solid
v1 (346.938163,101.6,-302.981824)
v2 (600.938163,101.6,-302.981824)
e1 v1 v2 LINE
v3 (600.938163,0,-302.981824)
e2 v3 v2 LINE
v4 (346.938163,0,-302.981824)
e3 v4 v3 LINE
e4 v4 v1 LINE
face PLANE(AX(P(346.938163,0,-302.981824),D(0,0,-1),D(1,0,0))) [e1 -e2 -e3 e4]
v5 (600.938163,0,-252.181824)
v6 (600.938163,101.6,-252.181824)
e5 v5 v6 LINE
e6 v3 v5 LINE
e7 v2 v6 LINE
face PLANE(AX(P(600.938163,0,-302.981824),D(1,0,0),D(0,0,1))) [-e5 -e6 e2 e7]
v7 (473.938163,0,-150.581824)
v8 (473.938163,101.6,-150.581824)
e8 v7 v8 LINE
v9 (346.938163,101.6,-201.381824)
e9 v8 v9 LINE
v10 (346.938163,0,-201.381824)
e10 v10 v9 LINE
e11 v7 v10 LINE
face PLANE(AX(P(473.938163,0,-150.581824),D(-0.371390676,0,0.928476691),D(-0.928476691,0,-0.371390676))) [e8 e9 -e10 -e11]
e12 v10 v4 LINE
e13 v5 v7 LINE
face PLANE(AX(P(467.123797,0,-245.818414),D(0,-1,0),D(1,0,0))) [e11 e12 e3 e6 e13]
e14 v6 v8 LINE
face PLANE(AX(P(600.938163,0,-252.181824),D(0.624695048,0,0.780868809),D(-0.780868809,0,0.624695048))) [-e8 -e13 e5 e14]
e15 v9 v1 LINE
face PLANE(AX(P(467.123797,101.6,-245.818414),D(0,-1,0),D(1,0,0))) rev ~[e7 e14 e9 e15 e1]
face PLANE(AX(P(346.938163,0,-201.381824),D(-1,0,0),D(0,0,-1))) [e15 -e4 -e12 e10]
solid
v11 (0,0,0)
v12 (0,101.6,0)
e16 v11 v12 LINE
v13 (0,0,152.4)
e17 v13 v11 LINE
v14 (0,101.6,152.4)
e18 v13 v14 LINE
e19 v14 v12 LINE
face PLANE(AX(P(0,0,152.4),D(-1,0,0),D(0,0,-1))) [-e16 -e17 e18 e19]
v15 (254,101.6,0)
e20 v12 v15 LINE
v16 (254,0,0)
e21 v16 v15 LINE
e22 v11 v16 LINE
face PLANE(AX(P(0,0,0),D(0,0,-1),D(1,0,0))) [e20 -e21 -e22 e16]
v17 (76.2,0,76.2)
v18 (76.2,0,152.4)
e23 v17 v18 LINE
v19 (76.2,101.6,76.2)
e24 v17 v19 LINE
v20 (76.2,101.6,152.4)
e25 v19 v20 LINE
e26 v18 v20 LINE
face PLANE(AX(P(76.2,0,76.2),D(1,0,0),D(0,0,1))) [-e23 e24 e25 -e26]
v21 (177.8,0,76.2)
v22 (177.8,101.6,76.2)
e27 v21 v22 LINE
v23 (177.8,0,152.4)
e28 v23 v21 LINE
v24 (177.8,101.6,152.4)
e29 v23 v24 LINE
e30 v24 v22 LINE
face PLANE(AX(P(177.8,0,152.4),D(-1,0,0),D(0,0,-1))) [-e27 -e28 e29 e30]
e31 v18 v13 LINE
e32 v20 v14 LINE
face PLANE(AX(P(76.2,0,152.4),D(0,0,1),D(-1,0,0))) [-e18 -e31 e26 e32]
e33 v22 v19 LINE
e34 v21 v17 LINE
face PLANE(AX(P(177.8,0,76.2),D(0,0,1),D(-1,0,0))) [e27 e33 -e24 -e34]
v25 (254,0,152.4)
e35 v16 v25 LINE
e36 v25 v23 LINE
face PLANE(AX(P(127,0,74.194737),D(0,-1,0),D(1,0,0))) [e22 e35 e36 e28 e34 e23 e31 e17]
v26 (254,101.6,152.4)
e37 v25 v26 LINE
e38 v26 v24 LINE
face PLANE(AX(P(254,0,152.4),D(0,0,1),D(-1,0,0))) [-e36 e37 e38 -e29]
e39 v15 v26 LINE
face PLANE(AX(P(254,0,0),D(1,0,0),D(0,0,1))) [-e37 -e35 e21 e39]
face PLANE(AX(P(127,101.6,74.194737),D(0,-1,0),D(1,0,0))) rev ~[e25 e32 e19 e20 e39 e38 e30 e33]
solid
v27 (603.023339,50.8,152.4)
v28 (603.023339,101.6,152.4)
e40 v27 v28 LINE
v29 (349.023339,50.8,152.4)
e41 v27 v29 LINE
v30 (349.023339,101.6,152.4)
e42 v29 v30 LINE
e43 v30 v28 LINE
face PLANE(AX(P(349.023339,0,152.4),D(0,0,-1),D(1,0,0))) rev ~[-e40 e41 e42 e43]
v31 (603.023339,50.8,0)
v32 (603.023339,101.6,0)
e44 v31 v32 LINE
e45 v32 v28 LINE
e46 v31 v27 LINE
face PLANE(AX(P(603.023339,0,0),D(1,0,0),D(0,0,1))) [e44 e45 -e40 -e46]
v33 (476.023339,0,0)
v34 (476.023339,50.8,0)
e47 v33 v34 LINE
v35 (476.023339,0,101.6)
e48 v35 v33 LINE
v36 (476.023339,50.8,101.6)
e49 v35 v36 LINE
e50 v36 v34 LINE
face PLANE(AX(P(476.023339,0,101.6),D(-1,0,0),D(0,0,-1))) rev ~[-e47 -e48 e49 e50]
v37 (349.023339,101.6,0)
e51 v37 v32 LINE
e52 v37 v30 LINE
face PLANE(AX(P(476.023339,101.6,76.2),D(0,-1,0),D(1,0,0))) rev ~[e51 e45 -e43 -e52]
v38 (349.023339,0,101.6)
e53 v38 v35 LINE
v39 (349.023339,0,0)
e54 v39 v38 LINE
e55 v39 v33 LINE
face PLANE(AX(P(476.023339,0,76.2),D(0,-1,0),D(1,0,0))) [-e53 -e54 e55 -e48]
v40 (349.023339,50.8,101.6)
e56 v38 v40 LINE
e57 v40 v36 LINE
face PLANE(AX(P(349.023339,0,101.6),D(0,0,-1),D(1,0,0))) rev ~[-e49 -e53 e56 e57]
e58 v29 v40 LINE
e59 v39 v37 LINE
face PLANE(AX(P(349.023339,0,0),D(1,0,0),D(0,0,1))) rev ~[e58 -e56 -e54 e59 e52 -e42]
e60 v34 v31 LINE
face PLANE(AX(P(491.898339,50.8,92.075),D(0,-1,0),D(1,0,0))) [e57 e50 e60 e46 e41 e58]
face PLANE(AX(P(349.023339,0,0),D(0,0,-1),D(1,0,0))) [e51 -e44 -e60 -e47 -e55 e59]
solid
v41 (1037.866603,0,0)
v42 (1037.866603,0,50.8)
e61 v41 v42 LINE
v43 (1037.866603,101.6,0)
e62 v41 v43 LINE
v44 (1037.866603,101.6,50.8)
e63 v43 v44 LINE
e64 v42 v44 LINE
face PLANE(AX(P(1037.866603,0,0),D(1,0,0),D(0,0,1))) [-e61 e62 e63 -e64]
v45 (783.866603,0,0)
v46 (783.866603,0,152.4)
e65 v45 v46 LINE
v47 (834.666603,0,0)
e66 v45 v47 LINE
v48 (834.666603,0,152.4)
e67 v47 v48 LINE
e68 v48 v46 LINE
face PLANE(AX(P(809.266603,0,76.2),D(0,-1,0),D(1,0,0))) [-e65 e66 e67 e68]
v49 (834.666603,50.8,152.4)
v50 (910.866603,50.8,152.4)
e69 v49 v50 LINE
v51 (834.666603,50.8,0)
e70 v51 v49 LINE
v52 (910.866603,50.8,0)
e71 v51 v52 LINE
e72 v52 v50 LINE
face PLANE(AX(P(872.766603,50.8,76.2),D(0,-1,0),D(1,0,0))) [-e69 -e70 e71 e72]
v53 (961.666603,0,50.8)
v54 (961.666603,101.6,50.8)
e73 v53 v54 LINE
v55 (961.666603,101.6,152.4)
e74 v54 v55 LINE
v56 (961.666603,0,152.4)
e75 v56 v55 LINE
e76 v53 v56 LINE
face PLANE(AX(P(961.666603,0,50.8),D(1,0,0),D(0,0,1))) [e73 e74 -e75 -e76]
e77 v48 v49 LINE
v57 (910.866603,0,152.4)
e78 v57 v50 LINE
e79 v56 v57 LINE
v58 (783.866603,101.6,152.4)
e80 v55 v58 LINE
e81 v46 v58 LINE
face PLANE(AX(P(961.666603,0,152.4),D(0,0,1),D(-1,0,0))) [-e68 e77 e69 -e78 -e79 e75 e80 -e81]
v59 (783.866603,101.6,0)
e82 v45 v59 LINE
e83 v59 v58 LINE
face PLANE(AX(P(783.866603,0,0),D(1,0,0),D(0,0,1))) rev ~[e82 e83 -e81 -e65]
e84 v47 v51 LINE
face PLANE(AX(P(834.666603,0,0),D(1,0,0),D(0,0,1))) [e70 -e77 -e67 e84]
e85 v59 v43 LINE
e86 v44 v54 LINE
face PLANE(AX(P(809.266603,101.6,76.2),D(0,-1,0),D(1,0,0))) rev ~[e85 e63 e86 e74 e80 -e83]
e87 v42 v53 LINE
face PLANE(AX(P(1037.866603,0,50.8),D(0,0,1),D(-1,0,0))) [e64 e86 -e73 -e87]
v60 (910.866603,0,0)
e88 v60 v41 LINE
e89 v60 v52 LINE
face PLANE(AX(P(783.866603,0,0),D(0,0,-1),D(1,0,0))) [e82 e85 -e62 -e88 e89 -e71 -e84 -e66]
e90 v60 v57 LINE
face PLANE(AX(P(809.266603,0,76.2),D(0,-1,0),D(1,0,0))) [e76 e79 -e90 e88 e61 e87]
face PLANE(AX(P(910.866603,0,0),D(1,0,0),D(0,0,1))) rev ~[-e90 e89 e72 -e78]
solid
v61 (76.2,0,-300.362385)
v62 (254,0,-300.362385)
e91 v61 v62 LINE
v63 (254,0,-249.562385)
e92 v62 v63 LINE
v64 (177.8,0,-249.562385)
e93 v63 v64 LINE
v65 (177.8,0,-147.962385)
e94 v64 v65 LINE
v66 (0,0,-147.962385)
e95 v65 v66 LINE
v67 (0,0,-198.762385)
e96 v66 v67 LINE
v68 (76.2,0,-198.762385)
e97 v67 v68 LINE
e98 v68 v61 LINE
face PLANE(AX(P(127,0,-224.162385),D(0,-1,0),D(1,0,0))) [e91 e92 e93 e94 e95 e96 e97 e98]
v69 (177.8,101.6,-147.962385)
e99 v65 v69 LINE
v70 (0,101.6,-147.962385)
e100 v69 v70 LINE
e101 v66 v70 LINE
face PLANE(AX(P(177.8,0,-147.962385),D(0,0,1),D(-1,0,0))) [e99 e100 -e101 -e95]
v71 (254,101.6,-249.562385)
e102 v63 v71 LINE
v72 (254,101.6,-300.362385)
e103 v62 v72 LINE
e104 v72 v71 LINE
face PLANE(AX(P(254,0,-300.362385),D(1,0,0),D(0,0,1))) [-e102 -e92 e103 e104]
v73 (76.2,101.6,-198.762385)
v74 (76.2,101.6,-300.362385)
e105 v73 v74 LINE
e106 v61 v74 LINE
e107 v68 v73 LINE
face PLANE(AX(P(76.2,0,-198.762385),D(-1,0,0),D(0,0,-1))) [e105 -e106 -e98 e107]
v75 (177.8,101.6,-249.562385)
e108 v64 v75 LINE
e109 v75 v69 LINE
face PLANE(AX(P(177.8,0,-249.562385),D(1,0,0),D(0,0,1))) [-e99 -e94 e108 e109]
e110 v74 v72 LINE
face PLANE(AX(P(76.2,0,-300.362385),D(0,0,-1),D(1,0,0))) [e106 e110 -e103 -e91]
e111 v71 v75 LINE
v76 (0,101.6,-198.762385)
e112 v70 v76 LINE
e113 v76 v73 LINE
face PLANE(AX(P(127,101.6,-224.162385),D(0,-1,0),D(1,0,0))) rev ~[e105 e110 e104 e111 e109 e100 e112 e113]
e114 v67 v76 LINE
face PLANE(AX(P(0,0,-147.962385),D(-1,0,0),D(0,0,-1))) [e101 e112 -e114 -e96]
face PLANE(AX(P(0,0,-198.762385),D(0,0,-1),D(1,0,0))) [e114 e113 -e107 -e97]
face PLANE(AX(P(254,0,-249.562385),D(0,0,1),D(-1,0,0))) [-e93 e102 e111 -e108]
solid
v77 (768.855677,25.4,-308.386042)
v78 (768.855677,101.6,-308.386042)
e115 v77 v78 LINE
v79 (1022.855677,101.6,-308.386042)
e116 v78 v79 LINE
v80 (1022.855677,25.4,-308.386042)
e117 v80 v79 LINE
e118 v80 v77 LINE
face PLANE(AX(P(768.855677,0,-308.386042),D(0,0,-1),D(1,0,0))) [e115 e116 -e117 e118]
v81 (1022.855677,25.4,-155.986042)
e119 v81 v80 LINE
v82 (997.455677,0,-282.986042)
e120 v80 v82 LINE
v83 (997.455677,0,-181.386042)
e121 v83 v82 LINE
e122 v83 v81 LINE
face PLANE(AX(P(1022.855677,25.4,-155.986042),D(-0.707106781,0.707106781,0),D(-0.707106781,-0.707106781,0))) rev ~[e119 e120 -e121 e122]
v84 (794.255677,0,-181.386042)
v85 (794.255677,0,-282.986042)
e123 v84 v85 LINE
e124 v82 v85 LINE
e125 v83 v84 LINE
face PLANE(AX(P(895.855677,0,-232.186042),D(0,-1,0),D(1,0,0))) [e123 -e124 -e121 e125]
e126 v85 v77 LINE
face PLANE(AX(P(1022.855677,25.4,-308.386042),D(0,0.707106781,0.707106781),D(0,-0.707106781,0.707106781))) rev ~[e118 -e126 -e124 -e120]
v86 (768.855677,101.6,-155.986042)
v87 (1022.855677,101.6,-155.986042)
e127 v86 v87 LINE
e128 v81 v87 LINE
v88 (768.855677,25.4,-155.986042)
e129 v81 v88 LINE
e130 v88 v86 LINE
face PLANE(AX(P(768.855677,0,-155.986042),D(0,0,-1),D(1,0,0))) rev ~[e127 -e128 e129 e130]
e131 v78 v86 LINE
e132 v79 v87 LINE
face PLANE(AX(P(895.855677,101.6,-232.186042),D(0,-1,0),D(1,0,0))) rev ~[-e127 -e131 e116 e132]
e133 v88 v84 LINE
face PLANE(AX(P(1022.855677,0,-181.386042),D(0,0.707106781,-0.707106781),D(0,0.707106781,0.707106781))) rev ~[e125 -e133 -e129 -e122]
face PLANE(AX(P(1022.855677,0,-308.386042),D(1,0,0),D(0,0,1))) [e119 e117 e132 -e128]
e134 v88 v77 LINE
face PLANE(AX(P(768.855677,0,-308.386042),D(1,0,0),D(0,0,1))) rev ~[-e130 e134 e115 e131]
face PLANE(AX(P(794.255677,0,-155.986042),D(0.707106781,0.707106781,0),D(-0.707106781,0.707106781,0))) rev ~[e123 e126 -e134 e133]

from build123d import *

# Parameters (mm, degrees)
F1_DEPTH  = 101.6
F2_W      = 254
F2_H      = 152.4
F3_DEPTH  = 101.6
F5_DEPTH  = 50.8
F6_W      = 50.8
F6_H      = 152.4
F6_W_2    = 76.2
F7_DEPTH  = 101.6
F8_W      = 76.2
F8_H      = 152.4
F9_DEPTH  = 50.8
F11_DEPTH = 101.6
F13_DEPTH = 101.6
F14_W     = 254
F14_H     = 152.4
F15_DEPTH = 101.6
F17_DEPTH = 254
F19_DEPTH = 152.4


with BuildPart() as f1:
    # F0 (on Front) → F1 (new body)
    with BuildSketch(Plane.XZ):
        Polygon((0, 152.4), (0, 0), (254, 0), (254, 152.4), (177.8, 152.4), (177.8, 76.2), (76.2, 76.2), (76.2, 152.4), align=None)
    extrude(amount=-F1_DEPTH)


with BuildPart() as f3:
    # F2 (on Front) → F3 (new body)
    with BuildSketch(Plane.XZ):
        with Locations((476.023339, 76.2)):
            Rectangle(F2_W, F2_H)
    extrude(amount=-F3_DEPTH)

    # F4 (on face) → F5 (cut)
    with BuildSketch(Plane.XZ):
        Polygon((603.023339, 152.4), (349.023339, 152.4), (349.023339, 101.6), (476.023339, 101.6), (476.023339, 0), (603.023339, 0), align=None)
    extrude(amount=-F5_DEPTH, mode=Mode.SUBTRACT)


with BuildPart() as f7:
    # F6 (on Front) → F7 (new body)
    with BuildSketch(Plane.XZ):
        with Locations((809.266603, 76.2)):
            Rectangle(F6_W, F6_H)
        Polygon((910.866603, 152.4), (910.866603, 0), (1037.866603, 0), (1037.866603, 50.8), (961.666603, 50.8), (961.666603, 152.4), align=None)
        with Locations((872.766603, 76.2)):
            Rectangle(F6_W_2, F6_H)
    extrude(amount=-F7_DEPTH)

    # F8 (on face) → F9 (cut)
    with BuildSketch(Plane.XZ):
        with Locations((872.766603, 76.2)):
            Rectangle(F8_W, F8_H)
    extrude(amount=-F9_DEPTH, mode=Mode.SUBTRACT)


with BuildPart() as f11:
    # F10 (on Front) → F11 (new body)
    with BuildSketch(Plane.XZ):
        Polygon((177.8, -147.962385), (0, -147.962385), (0, -198.762385), (76.2, -198.762385), (76.2, -300.362385), (254, -300.362385), (254, -249.562385), (177.8, -249.562385), align=None)
    extrude(amount=-F11_DEPTH)


with BuildPart() as f13:
    # F12 (on Front) → F13 (new body)
    with BuildSketch(Plane.XZ):
        Polygon((346.938163, -201.381824), (346.938163, -302.981824), (600.938163, -302.981824), (600.938163, -252.181824), (473.938163, -150.581824), align=None)
    extrude(amount=-F13_DEPTH)


with BuildPart() as f15:
    # F14 (on Front) → F15 (new body)
    with BuildSketch(Plane.XZ):
        with Locations((895.855677, -232.186042)):
            Rectangle(F14_W, F14_H)
    extrude(amount=-F15_DEPTH)

    # F16 (on face) → F17 (cut)
    with BuildSketch(Plane.YZ.offset(1022.855677)):
        Polygon((0, -181.386042), (25.4, -155.986042), (0, -155.986042), align=None)
        Polygon((25.4, -308.386042), (0, -282.986042), (0, -308.386042), align=None)
    extrude(amount=-F17_DEPTH, mode=Mode.SUBTRACT)

    # F18 (on face) → F19 (cut)
    with BuildSketch(Plane.XY.offset(-155.986042)):
        Polygon((794.255677, 0), (768.855677, 25.4), (768.855677, 0), align=None)
        Polygon((1022.855677, 0), (1022.855677, 25.4), (997.455677, 0), align=None)
    extrude(amount=-F19_DEPTH, mode=Mode.SUBTRACT)


solid = Compound([f1.part, f3.part, f7.part, f11.part, f13.part, f15.part])
